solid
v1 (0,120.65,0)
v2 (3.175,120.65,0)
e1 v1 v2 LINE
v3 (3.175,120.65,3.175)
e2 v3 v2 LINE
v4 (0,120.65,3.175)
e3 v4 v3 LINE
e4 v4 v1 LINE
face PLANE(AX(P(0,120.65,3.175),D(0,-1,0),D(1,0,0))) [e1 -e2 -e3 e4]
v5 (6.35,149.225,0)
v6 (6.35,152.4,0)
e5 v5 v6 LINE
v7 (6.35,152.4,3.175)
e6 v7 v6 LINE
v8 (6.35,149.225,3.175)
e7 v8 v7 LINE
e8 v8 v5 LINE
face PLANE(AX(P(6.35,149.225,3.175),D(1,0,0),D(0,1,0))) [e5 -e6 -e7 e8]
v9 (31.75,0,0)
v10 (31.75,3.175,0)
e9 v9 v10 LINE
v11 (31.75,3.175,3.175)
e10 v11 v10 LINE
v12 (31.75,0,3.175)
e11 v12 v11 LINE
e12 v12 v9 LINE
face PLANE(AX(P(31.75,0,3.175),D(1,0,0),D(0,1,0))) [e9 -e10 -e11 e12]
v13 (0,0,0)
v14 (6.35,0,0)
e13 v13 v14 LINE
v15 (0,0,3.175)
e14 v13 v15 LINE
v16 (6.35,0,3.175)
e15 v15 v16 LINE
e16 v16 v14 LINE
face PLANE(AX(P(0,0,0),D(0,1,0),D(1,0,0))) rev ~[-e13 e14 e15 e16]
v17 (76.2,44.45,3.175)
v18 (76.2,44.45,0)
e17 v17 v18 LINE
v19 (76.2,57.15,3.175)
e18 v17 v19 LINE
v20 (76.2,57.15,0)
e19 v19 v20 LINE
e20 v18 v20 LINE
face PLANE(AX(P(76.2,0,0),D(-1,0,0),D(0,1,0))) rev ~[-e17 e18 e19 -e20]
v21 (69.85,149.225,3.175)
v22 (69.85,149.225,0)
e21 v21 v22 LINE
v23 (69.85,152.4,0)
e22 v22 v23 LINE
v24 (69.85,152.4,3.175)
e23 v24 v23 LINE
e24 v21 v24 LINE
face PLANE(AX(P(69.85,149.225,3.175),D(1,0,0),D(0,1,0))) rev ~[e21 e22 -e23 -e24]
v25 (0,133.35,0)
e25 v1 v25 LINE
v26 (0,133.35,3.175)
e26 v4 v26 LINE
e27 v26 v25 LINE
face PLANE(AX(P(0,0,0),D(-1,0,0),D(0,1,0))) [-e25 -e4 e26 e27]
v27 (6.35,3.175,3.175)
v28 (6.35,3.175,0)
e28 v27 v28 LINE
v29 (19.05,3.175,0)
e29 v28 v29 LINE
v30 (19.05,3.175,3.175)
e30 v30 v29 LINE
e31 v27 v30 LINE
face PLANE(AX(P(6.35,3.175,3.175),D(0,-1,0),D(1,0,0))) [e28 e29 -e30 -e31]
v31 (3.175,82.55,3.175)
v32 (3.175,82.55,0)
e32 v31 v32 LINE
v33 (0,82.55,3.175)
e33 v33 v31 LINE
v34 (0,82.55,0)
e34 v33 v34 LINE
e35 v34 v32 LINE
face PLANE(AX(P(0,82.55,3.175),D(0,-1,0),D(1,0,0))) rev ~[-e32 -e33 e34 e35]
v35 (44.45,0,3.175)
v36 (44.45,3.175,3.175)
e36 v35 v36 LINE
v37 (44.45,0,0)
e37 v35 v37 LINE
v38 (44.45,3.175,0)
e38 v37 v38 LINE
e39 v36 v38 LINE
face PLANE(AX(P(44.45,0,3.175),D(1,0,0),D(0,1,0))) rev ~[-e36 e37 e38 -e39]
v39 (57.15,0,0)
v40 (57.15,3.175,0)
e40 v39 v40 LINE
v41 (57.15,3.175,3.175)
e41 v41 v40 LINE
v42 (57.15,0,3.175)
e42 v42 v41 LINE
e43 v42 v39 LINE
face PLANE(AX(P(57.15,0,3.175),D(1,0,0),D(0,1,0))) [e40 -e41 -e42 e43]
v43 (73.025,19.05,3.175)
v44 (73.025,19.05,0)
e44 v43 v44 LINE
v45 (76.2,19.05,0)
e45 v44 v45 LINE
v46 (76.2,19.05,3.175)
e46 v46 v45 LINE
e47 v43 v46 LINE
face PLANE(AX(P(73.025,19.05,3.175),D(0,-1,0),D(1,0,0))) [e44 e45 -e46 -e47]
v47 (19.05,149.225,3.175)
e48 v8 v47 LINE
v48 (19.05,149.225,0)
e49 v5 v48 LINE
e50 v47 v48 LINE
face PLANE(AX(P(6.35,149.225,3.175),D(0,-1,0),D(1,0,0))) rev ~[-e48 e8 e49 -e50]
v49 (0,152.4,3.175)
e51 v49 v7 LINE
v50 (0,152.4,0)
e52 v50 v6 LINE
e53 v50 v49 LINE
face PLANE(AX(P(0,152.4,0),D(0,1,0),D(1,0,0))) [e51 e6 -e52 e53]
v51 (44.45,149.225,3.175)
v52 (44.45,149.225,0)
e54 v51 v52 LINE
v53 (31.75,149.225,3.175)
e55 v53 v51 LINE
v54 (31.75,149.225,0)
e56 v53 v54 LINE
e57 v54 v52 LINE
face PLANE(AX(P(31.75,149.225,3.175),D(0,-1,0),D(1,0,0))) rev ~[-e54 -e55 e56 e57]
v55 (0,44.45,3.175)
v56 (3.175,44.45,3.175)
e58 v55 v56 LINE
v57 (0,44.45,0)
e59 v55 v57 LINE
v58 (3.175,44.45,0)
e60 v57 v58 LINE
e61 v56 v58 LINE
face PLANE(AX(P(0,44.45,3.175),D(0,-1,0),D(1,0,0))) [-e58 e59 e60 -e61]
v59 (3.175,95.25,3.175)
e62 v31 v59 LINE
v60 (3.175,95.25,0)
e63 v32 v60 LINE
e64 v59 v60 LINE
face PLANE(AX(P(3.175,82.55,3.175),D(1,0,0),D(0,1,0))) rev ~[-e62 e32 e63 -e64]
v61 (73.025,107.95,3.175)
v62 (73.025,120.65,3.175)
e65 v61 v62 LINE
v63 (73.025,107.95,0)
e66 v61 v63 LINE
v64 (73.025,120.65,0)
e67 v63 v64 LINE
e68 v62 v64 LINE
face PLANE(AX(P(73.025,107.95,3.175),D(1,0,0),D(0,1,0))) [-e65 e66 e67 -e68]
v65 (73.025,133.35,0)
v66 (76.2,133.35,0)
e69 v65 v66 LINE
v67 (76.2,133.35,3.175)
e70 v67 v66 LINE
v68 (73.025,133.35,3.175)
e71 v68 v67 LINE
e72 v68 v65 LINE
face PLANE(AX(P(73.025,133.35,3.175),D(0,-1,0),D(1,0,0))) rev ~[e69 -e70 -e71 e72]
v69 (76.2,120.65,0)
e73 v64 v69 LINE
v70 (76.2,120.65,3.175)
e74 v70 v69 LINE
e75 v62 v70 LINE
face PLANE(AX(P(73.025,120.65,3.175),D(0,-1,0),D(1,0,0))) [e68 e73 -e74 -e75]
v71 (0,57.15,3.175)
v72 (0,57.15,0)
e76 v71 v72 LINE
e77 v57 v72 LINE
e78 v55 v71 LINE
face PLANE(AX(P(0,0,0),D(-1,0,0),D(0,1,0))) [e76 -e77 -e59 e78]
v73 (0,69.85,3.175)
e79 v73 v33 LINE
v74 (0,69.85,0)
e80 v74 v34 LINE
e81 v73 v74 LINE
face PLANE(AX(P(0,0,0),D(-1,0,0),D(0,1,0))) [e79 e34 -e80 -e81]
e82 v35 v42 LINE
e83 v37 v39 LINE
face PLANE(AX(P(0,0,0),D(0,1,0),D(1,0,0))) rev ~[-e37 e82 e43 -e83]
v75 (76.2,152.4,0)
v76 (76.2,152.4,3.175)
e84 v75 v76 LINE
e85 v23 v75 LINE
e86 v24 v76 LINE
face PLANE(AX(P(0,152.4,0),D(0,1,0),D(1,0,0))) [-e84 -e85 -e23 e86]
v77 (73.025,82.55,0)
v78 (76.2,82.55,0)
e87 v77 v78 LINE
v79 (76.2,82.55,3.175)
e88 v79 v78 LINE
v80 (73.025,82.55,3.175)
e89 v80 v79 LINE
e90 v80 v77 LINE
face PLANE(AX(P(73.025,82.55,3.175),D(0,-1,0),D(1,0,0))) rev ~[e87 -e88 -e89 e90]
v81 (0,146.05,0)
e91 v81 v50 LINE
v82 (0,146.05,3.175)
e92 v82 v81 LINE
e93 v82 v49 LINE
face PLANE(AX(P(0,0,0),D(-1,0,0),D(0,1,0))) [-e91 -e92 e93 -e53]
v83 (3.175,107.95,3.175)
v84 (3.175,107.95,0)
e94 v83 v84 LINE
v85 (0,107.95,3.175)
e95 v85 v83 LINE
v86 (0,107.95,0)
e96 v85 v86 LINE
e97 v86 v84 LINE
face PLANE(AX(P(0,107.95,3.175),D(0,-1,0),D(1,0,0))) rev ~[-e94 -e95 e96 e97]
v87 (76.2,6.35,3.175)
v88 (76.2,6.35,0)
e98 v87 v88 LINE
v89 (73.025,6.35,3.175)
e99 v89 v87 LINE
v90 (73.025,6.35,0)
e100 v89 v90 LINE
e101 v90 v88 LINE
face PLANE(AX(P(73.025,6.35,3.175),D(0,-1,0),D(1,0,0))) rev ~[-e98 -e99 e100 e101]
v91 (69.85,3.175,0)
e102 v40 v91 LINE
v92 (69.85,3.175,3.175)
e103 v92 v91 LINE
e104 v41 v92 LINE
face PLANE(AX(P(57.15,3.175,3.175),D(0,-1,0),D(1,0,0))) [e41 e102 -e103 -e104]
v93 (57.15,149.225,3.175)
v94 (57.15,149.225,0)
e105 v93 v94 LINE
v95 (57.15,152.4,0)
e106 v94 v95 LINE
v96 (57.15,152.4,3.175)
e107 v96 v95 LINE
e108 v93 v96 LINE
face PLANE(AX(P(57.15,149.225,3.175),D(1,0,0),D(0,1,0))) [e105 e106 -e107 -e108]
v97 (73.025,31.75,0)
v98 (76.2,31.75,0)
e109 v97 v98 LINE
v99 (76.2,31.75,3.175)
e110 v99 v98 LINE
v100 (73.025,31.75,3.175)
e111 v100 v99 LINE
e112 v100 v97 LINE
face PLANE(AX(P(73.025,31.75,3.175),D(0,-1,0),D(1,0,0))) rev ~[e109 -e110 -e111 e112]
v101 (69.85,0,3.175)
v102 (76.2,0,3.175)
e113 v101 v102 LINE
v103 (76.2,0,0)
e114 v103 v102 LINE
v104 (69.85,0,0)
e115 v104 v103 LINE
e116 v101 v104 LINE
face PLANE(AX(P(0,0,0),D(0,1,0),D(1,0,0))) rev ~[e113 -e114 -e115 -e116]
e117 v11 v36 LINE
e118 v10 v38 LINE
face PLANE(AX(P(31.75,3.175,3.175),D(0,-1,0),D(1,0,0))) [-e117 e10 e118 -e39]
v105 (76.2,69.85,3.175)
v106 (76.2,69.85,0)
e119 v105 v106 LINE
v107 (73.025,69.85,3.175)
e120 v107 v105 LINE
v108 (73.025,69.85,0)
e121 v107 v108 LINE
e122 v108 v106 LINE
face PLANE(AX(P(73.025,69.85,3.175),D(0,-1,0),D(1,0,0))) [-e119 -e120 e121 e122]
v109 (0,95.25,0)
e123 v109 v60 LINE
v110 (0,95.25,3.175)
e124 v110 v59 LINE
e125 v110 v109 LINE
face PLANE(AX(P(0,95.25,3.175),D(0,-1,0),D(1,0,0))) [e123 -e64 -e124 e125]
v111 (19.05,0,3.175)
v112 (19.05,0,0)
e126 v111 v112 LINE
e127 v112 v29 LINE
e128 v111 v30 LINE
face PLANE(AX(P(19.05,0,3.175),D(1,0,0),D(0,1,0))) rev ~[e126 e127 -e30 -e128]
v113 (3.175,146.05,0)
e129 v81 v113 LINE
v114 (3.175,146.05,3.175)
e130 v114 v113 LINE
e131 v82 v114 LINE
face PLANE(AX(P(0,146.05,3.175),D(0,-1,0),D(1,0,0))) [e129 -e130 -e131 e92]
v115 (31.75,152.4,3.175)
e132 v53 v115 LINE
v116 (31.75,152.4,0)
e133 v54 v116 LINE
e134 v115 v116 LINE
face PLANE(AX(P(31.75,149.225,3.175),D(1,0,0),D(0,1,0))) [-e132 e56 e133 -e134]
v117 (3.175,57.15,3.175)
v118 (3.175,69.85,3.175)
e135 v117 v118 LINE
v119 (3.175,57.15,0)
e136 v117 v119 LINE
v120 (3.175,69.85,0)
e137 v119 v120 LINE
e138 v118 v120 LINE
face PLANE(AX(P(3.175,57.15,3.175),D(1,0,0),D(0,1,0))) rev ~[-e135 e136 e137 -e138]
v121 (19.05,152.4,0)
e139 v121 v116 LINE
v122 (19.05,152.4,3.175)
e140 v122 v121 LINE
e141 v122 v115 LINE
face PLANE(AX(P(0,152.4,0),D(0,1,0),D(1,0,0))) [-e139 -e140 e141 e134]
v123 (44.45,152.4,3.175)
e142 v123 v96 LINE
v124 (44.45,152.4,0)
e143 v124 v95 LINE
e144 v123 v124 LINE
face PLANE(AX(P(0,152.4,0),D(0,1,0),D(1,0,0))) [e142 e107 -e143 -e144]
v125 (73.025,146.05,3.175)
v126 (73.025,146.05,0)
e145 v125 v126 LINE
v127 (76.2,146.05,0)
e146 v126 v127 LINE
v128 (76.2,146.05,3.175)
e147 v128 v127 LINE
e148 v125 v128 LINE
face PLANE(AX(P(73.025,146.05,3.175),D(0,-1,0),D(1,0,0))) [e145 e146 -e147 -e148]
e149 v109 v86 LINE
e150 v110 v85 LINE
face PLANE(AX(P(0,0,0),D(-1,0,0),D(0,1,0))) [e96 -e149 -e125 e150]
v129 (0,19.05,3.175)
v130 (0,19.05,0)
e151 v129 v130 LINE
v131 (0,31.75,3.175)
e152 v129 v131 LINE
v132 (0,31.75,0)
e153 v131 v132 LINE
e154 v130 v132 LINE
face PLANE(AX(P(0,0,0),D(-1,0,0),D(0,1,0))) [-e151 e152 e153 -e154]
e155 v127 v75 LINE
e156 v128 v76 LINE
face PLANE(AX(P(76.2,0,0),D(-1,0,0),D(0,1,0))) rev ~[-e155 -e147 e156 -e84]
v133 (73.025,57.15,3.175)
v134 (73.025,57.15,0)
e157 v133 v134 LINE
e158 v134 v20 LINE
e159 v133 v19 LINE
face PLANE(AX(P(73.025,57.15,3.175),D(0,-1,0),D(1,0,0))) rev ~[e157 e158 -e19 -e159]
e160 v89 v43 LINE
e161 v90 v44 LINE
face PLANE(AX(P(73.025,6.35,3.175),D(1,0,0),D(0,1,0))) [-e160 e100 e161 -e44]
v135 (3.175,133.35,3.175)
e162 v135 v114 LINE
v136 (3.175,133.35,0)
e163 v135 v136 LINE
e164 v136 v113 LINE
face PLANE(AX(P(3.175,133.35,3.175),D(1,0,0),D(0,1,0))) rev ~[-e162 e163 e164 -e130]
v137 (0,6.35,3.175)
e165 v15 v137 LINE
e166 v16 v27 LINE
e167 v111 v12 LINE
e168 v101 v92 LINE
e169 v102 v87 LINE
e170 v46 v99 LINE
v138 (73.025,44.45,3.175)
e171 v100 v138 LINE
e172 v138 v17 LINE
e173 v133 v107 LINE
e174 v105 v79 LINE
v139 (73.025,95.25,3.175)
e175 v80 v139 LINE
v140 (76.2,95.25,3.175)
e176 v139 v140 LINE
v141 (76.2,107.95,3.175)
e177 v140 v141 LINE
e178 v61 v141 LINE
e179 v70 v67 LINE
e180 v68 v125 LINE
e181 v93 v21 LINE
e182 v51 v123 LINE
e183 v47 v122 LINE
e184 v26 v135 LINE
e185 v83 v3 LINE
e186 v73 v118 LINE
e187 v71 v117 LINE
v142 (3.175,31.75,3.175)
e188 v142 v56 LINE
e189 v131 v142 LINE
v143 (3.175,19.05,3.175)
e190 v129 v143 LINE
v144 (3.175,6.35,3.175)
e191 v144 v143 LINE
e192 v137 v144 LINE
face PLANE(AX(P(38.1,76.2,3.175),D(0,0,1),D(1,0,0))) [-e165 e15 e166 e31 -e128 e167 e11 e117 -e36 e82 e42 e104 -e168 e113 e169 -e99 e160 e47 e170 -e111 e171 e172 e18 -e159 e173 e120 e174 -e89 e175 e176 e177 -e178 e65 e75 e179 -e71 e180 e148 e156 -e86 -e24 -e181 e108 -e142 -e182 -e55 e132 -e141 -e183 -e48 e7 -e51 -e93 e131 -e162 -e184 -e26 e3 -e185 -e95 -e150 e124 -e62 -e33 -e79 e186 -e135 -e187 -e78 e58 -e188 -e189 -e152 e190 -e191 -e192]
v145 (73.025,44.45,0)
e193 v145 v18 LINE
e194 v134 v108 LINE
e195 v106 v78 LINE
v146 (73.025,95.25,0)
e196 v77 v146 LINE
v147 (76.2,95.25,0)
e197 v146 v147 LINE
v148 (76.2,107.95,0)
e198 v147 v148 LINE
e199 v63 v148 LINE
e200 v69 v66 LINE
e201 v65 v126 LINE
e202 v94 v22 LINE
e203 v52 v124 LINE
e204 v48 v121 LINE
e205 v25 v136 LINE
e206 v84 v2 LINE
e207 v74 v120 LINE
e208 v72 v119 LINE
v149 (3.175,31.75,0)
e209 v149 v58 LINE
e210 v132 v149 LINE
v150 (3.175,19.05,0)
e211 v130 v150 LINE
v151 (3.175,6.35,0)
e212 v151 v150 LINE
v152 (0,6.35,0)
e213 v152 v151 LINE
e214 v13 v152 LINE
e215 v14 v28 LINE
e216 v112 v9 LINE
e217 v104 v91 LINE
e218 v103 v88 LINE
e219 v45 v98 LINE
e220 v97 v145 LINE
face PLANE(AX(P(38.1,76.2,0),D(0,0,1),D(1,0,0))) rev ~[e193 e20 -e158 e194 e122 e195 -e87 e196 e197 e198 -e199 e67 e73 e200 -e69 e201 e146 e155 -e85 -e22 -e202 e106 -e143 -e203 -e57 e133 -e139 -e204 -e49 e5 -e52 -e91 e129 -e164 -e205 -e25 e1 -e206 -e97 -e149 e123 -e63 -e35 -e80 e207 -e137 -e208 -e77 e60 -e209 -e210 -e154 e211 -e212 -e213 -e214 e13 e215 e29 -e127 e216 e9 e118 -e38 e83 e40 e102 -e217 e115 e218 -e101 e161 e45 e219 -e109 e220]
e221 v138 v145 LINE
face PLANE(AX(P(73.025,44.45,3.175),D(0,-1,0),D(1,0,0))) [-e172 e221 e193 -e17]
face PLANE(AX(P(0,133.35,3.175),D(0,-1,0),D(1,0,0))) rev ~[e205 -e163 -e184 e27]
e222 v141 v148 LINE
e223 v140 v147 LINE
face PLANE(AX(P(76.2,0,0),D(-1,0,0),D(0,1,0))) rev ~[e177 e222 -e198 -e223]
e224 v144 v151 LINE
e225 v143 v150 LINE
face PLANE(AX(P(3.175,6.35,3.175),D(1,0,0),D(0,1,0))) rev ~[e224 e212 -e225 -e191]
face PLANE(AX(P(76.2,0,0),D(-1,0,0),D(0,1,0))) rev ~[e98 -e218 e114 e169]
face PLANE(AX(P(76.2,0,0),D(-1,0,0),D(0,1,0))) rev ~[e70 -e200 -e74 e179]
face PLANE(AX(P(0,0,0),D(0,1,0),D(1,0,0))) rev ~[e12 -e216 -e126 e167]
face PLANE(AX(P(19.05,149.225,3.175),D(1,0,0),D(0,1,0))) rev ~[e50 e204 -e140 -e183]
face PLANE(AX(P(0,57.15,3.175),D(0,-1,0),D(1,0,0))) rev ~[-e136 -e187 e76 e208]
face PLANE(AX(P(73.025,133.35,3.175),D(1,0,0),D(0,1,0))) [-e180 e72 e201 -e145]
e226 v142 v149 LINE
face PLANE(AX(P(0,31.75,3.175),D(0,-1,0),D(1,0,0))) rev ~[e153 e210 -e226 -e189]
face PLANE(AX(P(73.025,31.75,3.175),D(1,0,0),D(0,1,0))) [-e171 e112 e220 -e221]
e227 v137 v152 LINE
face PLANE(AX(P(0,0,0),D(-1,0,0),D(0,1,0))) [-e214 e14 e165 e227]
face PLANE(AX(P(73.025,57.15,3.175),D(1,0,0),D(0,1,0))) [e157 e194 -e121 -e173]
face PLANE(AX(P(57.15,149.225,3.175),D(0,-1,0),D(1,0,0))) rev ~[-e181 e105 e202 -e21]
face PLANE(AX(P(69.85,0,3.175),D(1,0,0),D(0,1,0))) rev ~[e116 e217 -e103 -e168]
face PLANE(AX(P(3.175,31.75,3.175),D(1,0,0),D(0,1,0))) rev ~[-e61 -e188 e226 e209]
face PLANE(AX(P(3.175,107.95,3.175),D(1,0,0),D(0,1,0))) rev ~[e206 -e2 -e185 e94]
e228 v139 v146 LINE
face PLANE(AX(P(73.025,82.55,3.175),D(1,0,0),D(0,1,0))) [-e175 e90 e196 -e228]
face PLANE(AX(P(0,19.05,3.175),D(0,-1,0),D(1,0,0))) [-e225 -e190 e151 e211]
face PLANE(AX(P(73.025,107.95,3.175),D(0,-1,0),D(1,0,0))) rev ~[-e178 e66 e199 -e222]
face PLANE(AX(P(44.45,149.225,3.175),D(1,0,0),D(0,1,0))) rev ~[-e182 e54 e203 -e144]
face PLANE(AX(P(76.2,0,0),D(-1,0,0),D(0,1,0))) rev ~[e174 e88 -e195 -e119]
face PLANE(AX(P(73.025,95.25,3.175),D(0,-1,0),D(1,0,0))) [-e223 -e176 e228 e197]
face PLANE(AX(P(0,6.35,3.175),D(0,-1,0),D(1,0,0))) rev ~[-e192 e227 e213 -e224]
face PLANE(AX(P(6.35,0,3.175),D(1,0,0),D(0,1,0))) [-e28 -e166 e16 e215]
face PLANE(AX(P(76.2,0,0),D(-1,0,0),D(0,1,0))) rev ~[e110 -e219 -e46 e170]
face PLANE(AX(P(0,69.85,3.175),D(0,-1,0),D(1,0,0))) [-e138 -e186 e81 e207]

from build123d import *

# Parameters (mm, degrees)
SKETCH1_W            = 76.2
SKETCH1_H            = 152.4
EXTRUDE1_DEPTH       = 3.175
SKETCH3_W            = 3.175
SKETCH3_H            = 12.7
CUT_EXTRUDE1_DEPTH   = 3.175
LPATTERN1_COUNT      = 6
LPATTERN1_PITCH      = 25.4
LPATTERN1_COUNT_DIR2 = 2
LPATTERN1_PITCH_DIR2 = 73.025
SKETCH4_W            = 12.7
SKETCH4_H            = 3.175
CUT_EXTRUDE2_DEPTH   = 3.175
LPATTERN2_COUNT      = 3
LPATTERN2_PITCH      = 25.4
LPATTERN2_COUNT_DIR2 = 2
LPATTERN2_PITCH_DIR2 = 149.225


with BuildPart() as part:
    # Sketch1 → Extrude1 (new body)
    with BuildSketch(Plane.XY):
        with Locations((38.1, 76.2)):
            Rectangle(SKETCH1_W, SKETCH1_H)
    extrude(amount=EXTRUDE1_DEPTH)

    # Sketch3 → Cut-Extrude1 (cut)
    with BuildSketch(Plane.XY.offset(3.175)):
        with Locations((74.6125, 139.7)):
            Rectangle(SKETCH3_W, SKETCH3_H)
    cut_extrude1 = extrude(amount=-CUT_EXTRUDE1_DEPTH, mode=Mode.SUBTRACT)

    # LPattern1: Cut-Extrude1 6 × 2
    with Locations(*[(-j * LPATTERN1_PITCH_DIR2, -i * LPATTERN1_PITCH, 0) for i in range(LPATTERN1_COUNT) for j in range(LPATTERN1_COUNT_DIR2) if (i, j) != (0, 0)]):
        add(cut_extrude1, mode=Mode.SUBTRACT)

    # Sketch4 → Cut-Extrude2 (cut)
    with BuildSketch(Plane.XY.offset(3.175)):
        with Locations((63.5, 150.8125)):
            Rectangle(SKETCH4_W, SKETCH4_H)
    cut_extrude2 = extrude(amount=-CUT_EXTRUDE2_DEPTH, mode=Mode.SUBTRACT)

    # LPattern2: Cut-Extrude2 3 × 2
    with Locations(*[(-i * LPATTERN2_PITCH, -j * LPATTERN2_PITCH_DIR2, 0) for i in range(LPATTERN2_COUNT) for j in range(LPATTERN2_COUNT_DIR2) if (i, j) != (0, 0)]):
        add(cut_extrude2, mode=Mode.SUBTRACT)


solid = part.part
